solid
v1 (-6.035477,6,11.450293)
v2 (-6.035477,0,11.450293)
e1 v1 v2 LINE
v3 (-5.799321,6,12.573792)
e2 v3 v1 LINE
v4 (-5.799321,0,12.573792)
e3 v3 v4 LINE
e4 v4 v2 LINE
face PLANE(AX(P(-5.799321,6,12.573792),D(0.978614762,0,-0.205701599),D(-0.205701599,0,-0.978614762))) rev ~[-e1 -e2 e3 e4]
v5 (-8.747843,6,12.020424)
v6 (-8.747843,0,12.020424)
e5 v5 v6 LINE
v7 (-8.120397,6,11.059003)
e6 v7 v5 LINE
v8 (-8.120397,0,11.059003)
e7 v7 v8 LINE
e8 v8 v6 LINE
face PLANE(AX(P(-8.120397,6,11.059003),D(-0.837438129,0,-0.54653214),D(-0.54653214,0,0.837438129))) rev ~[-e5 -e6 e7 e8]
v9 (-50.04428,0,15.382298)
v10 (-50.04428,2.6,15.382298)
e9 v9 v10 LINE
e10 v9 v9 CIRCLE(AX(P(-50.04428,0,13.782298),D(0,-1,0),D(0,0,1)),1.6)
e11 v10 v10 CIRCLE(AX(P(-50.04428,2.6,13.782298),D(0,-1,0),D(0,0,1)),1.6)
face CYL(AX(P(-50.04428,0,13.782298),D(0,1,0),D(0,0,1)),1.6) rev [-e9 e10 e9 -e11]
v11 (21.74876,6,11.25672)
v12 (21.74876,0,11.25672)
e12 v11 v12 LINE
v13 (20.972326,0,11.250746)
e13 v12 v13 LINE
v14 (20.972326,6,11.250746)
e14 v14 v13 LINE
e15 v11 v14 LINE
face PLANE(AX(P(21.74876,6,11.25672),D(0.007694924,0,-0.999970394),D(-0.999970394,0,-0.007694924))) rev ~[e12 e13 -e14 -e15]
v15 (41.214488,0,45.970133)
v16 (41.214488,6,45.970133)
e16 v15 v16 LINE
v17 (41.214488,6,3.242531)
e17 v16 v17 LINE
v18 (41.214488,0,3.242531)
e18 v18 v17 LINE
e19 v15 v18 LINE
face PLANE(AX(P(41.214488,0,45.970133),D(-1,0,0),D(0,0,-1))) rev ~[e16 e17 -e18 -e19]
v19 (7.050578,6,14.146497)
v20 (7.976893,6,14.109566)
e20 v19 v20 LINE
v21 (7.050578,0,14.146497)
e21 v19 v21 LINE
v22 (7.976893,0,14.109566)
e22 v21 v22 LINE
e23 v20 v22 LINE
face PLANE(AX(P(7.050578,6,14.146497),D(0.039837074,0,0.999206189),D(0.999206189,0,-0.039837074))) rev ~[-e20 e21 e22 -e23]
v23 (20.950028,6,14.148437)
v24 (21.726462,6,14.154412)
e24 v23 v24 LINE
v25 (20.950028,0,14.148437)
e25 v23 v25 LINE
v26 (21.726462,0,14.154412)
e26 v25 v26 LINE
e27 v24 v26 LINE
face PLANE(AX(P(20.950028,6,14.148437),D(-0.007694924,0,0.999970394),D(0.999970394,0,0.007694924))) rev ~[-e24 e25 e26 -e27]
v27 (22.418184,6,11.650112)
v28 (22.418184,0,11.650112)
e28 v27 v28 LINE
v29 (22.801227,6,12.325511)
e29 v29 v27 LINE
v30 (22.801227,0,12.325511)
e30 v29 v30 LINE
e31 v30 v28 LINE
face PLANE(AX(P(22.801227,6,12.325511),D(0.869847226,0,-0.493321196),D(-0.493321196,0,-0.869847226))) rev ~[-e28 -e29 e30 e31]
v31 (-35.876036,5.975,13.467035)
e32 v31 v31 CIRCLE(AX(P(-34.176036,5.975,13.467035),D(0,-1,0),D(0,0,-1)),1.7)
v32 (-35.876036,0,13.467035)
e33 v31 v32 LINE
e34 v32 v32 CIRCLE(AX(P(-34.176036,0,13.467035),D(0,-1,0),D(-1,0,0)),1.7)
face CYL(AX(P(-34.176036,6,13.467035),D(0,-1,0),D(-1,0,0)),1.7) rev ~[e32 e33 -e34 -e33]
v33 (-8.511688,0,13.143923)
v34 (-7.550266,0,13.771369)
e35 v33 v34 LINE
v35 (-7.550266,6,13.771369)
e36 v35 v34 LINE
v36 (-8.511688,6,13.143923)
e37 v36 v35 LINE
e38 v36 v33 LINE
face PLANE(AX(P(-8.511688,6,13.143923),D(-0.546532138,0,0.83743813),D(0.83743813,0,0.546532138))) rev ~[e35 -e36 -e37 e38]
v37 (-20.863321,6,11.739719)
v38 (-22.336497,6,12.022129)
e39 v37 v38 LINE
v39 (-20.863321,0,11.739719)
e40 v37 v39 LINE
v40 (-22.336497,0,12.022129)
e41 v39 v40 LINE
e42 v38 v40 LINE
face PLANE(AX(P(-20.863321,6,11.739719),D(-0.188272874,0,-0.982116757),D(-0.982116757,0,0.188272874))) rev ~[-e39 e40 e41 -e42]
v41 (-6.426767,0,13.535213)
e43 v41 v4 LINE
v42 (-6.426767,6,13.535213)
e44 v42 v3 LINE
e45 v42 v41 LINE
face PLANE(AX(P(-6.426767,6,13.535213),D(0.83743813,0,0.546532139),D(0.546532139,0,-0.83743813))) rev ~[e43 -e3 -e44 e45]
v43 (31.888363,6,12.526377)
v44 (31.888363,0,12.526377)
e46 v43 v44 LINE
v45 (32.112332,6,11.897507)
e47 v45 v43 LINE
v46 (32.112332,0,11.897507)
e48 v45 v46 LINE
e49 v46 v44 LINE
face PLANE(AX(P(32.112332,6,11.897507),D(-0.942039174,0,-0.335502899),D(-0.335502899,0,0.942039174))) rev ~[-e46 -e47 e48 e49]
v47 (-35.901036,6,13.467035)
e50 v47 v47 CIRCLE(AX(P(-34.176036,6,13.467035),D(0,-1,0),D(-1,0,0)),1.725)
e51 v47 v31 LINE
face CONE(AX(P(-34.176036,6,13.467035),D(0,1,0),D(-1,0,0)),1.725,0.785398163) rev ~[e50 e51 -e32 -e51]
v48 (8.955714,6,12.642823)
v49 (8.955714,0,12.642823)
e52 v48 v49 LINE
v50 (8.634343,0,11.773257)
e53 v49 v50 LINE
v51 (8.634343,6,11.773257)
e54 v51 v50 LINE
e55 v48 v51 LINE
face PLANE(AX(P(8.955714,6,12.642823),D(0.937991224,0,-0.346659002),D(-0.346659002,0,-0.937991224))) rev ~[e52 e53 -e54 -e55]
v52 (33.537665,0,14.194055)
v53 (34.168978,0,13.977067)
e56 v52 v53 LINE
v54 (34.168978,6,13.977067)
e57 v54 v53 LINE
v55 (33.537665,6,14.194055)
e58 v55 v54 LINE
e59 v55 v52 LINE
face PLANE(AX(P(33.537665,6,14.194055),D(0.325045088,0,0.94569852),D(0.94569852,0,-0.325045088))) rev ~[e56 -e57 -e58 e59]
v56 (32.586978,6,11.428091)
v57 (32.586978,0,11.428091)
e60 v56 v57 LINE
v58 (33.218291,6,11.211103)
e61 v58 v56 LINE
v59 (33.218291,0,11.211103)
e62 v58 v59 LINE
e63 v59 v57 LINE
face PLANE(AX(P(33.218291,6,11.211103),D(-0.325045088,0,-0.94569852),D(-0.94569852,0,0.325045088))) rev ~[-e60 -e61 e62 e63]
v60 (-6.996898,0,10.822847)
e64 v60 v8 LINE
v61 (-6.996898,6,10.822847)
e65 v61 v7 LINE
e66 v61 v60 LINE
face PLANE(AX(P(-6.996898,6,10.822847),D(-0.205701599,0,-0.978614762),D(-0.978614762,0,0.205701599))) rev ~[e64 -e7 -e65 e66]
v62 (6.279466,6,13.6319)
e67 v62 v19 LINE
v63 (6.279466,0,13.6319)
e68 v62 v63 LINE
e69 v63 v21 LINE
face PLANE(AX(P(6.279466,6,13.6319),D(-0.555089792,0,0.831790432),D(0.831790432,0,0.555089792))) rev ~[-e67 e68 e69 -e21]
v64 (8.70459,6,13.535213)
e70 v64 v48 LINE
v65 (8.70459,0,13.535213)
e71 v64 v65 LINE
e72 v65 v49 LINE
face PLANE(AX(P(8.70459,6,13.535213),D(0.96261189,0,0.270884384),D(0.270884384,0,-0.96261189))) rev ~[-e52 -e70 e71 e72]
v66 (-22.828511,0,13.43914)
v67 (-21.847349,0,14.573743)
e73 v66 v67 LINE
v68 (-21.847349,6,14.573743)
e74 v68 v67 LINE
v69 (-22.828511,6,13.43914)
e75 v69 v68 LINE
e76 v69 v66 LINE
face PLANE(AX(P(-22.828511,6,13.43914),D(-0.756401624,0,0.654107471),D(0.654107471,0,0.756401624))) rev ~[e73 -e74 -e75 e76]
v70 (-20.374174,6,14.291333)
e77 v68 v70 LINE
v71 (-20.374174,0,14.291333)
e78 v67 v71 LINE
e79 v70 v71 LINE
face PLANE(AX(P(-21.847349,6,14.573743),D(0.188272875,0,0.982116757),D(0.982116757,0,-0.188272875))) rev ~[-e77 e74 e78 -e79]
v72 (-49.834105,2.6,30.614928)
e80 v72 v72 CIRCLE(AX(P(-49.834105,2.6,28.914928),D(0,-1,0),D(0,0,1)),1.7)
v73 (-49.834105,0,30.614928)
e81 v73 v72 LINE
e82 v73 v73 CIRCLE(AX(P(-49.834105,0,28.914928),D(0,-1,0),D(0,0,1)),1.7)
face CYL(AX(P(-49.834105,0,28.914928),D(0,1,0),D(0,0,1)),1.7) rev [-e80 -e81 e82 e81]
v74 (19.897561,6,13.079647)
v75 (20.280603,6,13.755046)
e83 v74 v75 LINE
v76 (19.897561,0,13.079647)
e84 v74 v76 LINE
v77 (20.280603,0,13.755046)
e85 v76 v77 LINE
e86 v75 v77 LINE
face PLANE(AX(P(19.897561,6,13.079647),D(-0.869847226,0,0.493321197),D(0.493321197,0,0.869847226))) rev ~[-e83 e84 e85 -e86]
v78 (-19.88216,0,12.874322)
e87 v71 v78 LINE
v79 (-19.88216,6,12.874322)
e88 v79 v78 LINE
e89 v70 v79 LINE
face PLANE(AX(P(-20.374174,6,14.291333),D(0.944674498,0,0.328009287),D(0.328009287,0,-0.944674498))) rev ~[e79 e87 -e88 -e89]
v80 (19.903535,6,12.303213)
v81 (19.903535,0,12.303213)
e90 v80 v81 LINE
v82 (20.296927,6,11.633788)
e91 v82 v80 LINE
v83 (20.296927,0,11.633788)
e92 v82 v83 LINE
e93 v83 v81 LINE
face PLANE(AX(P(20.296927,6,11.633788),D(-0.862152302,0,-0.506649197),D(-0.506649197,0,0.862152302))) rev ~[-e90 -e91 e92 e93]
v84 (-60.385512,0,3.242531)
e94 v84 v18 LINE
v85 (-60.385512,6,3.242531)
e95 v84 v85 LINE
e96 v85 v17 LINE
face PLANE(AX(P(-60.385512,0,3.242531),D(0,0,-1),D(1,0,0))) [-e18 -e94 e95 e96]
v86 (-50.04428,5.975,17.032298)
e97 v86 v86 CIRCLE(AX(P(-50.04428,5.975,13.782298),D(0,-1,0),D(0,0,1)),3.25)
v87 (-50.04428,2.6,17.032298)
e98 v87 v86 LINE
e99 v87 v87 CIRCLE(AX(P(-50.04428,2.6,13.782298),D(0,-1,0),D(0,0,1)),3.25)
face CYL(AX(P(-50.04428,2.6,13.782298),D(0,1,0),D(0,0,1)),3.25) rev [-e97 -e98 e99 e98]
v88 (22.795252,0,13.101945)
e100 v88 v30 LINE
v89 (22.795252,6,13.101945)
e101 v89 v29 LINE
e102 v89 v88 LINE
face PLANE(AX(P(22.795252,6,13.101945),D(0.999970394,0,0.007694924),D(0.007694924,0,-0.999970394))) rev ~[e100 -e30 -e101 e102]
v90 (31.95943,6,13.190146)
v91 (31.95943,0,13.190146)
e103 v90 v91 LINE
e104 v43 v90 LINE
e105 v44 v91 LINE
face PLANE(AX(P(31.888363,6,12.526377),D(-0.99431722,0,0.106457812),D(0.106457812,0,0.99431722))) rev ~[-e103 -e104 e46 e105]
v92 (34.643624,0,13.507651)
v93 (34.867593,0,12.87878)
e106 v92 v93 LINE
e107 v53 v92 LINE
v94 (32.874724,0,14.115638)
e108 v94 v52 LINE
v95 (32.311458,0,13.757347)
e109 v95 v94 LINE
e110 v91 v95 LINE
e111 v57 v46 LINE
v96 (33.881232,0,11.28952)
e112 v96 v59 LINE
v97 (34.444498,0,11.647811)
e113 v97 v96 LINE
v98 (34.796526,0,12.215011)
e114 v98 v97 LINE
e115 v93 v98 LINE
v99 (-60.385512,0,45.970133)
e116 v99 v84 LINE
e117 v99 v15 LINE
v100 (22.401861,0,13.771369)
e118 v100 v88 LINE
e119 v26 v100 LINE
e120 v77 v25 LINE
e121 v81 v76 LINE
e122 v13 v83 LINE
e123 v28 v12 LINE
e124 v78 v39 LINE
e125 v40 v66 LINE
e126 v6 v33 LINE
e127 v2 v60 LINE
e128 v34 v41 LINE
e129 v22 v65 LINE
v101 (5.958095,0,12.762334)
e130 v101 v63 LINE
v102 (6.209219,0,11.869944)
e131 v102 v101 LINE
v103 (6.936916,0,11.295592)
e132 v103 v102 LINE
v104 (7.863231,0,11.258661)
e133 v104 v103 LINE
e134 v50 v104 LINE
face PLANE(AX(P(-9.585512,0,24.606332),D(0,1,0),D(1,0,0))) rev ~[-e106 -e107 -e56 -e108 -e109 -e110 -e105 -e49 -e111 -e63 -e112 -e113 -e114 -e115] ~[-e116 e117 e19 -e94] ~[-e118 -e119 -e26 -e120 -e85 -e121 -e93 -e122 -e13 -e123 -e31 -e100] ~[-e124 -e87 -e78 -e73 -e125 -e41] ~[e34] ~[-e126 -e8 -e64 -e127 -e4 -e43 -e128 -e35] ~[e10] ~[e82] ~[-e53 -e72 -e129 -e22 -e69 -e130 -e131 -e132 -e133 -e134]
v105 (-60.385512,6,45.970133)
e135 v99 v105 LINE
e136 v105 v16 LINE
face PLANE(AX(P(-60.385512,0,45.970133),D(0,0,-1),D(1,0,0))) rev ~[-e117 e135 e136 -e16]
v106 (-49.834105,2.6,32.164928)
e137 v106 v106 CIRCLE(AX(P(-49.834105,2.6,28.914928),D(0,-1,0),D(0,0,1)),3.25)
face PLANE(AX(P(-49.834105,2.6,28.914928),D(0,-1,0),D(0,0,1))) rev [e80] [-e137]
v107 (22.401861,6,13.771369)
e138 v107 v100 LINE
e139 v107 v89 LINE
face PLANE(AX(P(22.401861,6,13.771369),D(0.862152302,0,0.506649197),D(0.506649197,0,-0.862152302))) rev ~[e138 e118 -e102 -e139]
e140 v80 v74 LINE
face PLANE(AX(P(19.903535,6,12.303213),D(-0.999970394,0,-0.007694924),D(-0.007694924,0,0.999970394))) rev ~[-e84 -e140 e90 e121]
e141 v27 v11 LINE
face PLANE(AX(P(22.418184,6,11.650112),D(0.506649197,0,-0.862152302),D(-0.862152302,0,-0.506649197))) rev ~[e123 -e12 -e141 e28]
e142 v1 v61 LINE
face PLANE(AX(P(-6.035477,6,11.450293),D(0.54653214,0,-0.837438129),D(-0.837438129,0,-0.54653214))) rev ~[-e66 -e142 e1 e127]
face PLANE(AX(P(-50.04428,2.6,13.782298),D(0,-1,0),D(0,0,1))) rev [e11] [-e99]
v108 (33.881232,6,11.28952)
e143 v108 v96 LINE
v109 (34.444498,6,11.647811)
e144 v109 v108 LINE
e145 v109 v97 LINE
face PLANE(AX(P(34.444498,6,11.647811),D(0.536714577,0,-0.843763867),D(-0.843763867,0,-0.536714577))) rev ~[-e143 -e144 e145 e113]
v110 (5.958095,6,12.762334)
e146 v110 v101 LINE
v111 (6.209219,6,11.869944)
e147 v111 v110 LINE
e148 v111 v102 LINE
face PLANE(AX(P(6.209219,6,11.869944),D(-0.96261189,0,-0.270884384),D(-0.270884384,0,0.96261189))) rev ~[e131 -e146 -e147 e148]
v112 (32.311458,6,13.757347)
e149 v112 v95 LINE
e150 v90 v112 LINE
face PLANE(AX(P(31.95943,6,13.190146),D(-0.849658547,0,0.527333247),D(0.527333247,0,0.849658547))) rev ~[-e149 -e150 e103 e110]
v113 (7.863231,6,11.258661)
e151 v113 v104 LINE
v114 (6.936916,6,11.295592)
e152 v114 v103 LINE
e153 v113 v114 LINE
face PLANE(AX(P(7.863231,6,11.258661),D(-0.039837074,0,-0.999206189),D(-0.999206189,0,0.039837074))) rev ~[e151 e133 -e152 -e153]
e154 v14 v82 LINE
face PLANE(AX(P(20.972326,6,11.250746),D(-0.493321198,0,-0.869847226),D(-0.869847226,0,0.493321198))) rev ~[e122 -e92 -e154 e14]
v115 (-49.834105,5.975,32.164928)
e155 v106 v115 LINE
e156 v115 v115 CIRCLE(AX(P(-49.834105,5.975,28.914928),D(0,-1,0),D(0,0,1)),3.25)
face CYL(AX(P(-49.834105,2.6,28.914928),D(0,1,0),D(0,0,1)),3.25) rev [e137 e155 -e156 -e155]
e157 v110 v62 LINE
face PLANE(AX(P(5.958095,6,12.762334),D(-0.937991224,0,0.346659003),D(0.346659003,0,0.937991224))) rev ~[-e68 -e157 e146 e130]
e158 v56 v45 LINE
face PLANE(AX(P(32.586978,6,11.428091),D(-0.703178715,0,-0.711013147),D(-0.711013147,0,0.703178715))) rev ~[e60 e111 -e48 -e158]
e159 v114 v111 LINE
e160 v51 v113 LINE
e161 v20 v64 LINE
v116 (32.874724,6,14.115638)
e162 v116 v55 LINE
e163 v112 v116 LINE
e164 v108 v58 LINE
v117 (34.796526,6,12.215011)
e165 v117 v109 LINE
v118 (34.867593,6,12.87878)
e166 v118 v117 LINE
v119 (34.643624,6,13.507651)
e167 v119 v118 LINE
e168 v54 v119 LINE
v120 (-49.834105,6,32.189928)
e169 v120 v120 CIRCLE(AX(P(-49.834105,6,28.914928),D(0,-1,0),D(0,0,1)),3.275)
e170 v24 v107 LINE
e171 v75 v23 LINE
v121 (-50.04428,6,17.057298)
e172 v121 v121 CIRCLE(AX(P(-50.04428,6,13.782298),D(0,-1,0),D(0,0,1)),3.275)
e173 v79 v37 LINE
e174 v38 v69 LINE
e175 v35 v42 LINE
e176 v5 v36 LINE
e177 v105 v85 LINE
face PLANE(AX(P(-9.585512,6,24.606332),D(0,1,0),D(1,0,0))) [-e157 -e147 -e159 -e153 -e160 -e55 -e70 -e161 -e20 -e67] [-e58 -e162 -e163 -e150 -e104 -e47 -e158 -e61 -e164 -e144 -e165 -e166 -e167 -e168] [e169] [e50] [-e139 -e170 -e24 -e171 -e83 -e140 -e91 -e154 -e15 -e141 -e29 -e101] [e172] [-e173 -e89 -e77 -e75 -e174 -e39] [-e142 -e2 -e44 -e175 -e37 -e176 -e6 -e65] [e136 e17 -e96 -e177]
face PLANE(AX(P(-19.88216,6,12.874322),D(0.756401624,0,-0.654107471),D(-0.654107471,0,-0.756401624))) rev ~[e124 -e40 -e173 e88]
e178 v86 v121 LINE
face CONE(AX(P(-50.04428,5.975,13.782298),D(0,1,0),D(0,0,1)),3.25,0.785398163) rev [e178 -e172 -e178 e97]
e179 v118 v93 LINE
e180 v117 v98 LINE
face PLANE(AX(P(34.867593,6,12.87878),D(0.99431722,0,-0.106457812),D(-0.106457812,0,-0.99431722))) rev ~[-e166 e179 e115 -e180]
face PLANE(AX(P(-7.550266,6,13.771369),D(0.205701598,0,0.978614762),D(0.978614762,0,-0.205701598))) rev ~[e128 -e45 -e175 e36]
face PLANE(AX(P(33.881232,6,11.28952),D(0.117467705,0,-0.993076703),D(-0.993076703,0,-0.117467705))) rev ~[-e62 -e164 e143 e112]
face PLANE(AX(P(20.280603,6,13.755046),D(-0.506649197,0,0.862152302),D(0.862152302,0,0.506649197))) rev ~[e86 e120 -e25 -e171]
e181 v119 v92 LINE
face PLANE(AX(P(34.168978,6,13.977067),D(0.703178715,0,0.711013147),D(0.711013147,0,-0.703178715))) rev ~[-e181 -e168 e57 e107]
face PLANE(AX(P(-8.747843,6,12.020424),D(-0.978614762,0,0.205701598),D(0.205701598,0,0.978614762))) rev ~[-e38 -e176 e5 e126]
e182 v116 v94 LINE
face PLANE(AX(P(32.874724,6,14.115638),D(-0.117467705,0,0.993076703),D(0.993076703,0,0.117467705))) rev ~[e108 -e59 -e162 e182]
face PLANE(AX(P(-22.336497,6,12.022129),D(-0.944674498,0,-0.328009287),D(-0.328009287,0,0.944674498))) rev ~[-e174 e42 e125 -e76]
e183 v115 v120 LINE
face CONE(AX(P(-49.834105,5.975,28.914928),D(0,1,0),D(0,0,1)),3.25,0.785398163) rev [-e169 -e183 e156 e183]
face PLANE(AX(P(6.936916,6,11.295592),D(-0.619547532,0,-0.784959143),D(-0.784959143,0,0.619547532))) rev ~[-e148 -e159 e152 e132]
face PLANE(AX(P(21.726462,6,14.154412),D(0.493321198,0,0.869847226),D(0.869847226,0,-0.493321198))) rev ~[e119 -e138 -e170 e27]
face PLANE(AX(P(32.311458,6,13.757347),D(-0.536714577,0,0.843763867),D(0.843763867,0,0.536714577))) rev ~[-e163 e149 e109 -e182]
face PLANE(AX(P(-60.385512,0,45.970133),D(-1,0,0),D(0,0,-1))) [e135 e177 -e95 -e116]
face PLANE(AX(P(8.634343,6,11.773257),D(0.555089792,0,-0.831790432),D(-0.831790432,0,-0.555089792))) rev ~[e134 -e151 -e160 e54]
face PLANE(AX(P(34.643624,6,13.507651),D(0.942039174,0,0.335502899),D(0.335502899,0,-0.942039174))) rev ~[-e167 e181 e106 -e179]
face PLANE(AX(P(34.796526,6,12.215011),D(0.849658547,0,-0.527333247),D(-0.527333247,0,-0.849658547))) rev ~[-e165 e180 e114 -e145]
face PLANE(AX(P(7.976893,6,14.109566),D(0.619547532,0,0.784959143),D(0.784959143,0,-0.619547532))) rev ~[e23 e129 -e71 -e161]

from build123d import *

# Parameters (mm, degrees)
SKETCH1_W                      = 101.6
SKETCH1_H                      = 42.727601577
BOSS_EXTRUDE2_DEPTH            = 6
M3_CLEARANCE_HOLE1_D           = 3.4
M3_CLEARANCE_HOLE1_CSINK_D     = 3.45
M3_CLEARANCE_HOLE1_CSINK_ANGLE = 90
CUT_EXTRUDE1_DEPTH             = 77.129253004
CUT_EXTRUDE2_DEPTH             = 77.129253004


with BuildPart() as part:
    # Sketch1 → Boss-Extrude2 (new body)
    with BuildSketch(Plane(origin=(0, 0, 0), x_dir=(1, 0, 0), z_dir=(0, 1, 0))):
        with Locations((-9.585511853, -24.606332138)):
            Rectangle(SKETCH1_W, SKETCH1_H)
    extrude(amount=BOSS_EXTRUDE2_DEPTH)

    # Sketch5 → CBORE for M3 Hex Socket Head Cap Screw1 (revolve, cut)
    with BuildSketch(Plane(origin=(-50.044280369, 6, 13.782297963), x_dir=(0, 0, 1), z_dir=(1, 0, 0))):
        Polygon((0, 0), (0, 6), (1.6, 6), (1.6, 3.4), (3.25, 3.4), (3.25, 0.025), (3.275, 0), align=None)
    revolve(axis=Axis((-50.044280369, 12.35, 13.782297963), (0, -1, 0)), mode=Mode.SUBTRACT)

    # Sketch8 → CBORE for M3 Hex Socket Head Cap Screw2 (revolve, cut)
    with BuildSketch(Plane(origin=(-49.834104948, 6, 28.914928265), x_dir=(0, 0, 1), z_dir=(1, 0, 0))):
        Polygon((0, 0), (0, 6), (1.7, 6), (1.7, 3.4), (3.25, 3.4), (3.25, 0.025), (3.275, 0), align=None)
    revolve(axis=Axis((-49.834104948, 12.35, 28.914928265), (0, -1, 0)), mode=Mode.SUBTRACT)

    # M3 Clearance Hole1 (through all)
    with Locations(Plane(origin=(0, 6, 0), x_dir=(1, 0, 0), z_dir=(0, 1, 0))):
        with Locations((-34.176036094, -13.467034832)):
            CounterSinkHole(M3_CLEARANCE_HOLE1_D / 2, M3_CLEARANCE_HOLE1_CSINK_D / 2, counter_sink_angle=M3_CLEARANCE_HOLE1_CSINK_ANGLE)

    # Sketch17 → Cut-Extrude1 (cut, through all)
    with BuildSketch(Plane(origin=(0, 6, 0), x_dir=(1, 0, 0), z_dir=(0, 1, 0))):
        Polygon((-22.828510557, -13.43914031), (-21.847349351, -14.573742746), (-20.374174215, -14.291333434), (-19.882160285, -12.874321687), (-20.863321491, -11.739719251), (-22.336496627, -12.022128562), align=None)
    extrude(amount=-CUT_EXTRUDE1_DEPTH, mode=Mode.SUBTRACT)

    # Sketch18 → Cut-Extrude2 (cut, through all)
    with BuildSketch(Plane(origin=(0, 6, 0), x_dir=(1, 0, 0), z_dir=(0, 1, 0))):
        Polygon((-6.426767494, -13.535213432), (-5.799321109, -12.573792338), (-6.035476891, -11.45029337), (-6.996897984, -10.822846985), (-8.120396952, -11.059002767), (-8.747843337, -12.02042386), (-8.511687556, -13.143922829), (-7.550266462, -13.771369213), align=None)
        Polygon((8.704589907, -13.535213432), (8.955713542, -12.642823133), (8.634342974, -11.773257447), (7.863230836, -11.258660909), (6.936915756, -11.295591908), (6.209218611, -11.869944056), (5.958094976, -12.762334355), (6.279465545, -13.631900041), (7.050577683, -14.146496579), (7.976892762, -14.10956558), align=None)
        Polygon((22.401860914, -13.771369213), (22.795252298, -13.101944907), (22.801227077, -12.32551076), (22.418184314, -11.650111674), (21.748760007, -11.25672029), (20.97232586, -11.250745511), (20.296926775, -11.633788275), (19.903535391, -12.303212581), (19.897560612, -13.079646728), (20.280603376, -13.755045814), (20.950027682, -14.148437198), (21.726461829, -14.154411977), align=None)
        Polygon((34.168977745, -13.977066564), (34.643623673, -13.507650611), (34.867592928, -12.878780301), (34.796525653, -12.215011111), (34.444497593, -11.647810671), (33.881232222, -11.289519984), (33.218291156, -11.211102914), (32.586978002, -11.428090924), (32.112332074, -11.897506877), (31.888362819, -12.526377187), (31.959430094, -13.190146377), (32.311458154, -13.757346817), (32.874723525, -14.115637504), (33.537664591, -14.194054574), align=None)
    extrude(amount=-CUT_EXTRUDE2_DEPTH, mode=Mode.SUBTRACT)


solid = part.part
